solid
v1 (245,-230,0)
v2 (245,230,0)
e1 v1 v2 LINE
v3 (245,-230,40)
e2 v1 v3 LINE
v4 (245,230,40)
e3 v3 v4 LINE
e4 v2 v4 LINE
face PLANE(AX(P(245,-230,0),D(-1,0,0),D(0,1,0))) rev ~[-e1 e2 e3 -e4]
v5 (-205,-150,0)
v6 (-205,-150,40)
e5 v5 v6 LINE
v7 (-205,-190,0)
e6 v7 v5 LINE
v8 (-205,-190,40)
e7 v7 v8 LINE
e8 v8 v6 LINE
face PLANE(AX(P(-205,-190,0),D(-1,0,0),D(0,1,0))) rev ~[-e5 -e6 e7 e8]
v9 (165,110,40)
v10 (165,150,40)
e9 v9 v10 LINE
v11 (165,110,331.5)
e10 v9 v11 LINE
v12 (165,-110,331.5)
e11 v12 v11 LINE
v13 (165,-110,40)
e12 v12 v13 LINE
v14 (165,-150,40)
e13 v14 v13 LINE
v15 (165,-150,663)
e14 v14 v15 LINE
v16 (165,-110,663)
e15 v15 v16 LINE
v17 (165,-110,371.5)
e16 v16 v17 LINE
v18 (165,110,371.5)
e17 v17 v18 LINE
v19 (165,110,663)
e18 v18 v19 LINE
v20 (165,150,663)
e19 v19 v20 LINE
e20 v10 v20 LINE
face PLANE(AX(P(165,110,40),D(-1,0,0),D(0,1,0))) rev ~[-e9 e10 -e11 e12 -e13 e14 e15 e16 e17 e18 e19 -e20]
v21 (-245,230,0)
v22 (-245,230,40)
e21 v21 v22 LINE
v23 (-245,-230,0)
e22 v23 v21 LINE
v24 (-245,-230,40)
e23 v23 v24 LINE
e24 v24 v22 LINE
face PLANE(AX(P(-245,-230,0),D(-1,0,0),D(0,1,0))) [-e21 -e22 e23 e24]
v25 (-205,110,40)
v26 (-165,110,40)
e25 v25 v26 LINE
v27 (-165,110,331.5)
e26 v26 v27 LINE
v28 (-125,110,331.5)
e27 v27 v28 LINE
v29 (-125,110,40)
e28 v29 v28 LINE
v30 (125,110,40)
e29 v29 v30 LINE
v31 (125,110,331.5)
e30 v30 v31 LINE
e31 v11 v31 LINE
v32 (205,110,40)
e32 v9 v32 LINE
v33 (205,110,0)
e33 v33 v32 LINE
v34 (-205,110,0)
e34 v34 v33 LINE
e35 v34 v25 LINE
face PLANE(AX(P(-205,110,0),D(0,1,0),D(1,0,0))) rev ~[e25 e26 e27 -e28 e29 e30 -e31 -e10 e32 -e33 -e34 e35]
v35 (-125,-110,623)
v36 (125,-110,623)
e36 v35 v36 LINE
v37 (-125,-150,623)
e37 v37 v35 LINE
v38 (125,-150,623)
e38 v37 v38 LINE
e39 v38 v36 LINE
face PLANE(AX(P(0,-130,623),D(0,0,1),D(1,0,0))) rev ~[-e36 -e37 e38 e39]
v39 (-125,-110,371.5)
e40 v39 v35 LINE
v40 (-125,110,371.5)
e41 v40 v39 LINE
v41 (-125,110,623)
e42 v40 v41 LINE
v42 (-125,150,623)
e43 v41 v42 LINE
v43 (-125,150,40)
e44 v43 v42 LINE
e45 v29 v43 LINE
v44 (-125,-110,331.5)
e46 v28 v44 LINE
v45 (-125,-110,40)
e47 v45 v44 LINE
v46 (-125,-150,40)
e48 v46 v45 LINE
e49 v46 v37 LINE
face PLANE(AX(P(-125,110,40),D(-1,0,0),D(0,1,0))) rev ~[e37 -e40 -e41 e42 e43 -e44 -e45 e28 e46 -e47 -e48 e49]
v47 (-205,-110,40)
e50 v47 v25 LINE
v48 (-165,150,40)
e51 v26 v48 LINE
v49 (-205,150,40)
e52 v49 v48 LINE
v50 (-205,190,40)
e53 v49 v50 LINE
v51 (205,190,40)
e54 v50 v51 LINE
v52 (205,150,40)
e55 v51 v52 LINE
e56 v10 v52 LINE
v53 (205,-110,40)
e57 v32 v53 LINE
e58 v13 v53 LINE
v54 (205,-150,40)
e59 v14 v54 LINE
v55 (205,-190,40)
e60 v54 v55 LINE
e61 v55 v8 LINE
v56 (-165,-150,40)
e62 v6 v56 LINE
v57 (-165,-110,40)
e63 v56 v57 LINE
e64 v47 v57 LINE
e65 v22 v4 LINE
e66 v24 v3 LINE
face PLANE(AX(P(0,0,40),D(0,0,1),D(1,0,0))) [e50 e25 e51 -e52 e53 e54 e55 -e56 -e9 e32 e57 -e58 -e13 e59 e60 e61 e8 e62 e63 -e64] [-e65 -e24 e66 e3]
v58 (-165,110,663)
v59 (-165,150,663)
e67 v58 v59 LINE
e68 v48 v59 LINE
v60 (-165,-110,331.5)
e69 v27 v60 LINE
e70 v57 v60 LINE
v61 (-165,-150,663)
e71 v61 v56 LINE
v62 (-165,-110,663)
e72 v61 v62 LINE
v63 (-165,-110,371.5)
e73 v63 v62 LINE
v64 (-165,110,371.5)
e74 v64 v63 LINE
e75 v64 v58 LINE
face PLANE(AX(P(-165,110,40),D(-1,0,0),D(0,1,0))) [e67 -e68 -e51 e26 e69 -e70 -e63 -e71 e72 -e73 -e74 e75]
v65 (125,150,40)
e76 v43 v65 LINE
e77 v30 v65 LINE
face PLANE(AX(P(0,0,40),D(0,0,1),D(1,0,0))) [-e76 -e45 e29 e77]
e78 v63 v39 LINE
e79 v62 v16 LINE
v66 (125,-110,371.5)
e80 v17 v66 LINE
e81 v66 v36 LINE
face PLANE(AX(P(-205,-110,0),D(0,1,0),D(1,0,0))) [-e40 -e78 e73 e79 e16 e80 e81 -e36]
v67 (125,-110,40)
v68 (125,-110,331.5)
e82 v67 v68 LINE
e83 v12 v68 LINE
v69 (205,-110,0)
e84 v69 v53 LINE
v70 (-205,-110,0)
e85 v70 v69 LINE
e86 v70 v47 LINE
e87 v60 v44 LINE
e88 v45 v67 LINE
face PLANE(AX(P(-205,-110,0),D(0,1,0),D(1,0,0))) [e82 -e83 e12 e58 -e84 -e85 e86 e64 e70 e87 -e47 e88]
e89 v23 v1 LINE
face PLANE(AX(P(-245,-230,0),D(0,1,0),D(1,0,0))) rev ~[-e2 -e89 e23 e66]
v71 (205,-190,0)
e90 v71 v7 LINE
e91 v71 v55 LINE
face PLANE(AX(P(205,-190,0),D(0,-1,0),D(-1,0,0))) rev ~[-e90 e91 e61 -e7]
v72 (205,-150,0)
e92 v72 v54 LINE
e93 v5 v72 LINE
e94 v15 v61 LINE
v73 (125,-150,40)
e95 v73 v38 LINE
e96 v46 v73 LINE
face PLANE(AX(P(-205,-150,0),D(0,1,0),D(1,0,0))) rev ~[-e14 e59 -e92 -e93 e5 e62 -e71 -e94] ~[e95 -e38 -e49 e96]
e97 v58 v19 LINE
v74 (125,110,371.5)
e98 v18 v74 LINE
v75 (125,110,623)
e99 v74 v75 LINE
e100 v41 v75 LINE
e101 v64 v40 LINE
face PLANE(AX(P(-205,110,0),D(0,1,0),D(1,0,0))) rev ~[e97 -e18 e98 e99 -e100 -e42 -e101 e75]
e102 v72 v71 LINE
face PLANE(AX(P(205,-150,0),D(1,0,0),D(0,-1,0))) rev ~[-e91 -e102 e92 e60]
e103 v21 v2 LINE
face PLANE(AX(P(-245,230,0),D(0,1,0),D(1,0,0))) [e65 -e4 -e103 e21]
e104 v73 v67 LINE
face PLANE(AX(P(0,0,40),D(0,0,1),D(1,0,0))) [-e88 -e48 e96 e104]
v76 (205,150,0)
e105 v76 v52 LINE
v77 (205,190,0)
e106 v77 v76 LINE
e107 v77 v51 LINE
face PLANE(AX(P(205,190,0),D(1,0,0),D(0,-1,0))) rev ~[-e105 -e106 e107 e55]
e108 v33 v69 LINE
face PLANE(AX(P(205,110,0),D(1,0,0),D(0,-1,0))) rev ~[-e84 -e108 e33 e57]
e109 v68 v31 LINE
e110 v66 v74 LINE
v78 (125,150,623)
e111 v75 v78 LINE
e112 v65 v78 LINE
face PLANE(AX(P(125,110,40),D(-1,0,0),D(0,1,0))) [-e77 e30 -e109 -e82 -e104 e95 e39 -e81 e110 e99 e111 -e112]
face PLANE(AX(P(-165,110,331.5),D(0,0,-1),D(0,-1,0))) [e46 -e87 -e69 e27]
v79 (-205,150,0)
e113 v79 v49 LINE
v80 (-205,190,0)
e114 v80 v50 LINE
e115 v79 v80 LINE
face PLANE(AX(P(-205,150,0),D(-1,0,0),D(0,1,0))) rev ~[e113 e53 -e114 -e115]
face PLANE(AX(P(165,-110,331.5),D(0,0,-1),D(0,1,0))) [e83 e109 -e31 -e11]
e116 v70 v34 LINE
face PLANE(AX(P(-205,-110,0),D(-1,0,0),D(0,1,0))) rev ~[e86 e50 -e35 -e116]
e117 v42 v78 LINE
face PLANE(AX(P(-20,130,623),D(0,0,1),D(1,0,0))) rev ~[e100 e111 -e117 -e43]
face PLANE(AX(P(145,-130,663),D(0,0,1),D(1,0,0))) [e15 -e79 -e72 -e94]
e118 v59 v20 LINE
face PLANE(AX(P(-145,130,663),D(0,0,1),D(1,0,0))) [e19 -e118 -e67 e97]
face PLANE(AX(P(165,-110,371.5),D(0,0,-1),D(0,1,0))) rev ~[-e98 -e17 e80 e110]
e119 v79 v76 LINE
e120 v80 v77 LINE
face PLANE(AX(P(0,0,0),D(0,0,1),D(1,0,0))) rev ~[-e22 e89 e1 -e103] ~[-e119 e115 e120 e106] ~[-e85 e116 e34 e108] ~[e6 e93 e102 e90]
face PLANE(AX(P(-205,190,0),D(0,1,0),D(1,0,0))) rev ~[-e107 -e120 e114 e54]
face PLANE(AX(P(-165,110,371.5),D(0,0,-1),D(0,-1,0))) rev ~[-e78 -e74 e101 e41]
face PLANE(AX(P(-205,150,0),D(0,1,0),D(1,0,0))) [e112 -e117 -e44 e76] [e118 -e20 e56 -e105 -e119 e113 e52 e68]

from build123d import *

# Parameters (mm, degrees)
F0_W     = 490
F0_H     = 460
F0_W_2   = 410
F0_H_2   = 40
F1_DEPTH = 40
F2_W     = 40
F2_H     = 40
F3_DEPTH = 623
F4_W     = 290
F4_H     = 40
F4_W_2   = 330
F5_DEPTH = 40
F6_W     = 220
F6_H     = 40
F7_DEPTH = 40
F8_W     = 220
F8_H     = 40
F9_DEPTH = 40


with BuildPart() as f1:
    # F0 (on Top) → F1 (new body)
    with BuildSketch(Plane.XY):
        Rectangle(F0_W, F0_H)
        Polygon((205, -150), (205, -190), (-205, -190), (-205, -150), (-205, -110), (-205, 110), (-205, 150), (-205, 190), (205, 190), (205, 150), (205, 110), (205, -110), align=None, mode=Mode.SUBTRACT)
        with Locations((0, 130)):
            Rectangle(F0_W_2, F0_H_2)
        with Locations((0, -130)):
            Rectangle(F0_W_2, F0_H_2)
    extrude(amount=F1_DEPTH)

    # F2 (on face) → F3 (join)
    with BuildSketch(Plane.XY.offset(40)):
        with Locations((-145, 130)):
            Rectangle(F2_W, F2_H)
        with Locations((145, 130)):
            Rectangle(F2_W, F2_H)
        with Locations((145, -130)):
            Rectangle(F2_W, F2_H)
        with Locations((-145, -130)):
            Rectangle(F2_W, F2_H)
    extrude(amount=F3_DEPTH)

    # F4 (on face) → F5 (join)
    with BuildSketch(Plane.XY.offset(663)):
        with Locations((-20, 130)):
            Rectangle(F4_W, F4_H)
        with Locations((0, -130)):
            Rectangle(F4_W_2, F4_H)
    extrude(amount=-F5_DEPTH)

    # F6 (on face) → F7 (join)
    with BuildSketch(Plane.YZ.offset(165)):
        with Locations((0, 351.5)):
            Rectangle(F6_W, F6_H)
    extrude(amount=-F7_DEPTH)

    # F8 (on face) → F9 (join)
    with BuildSketch(Plane(origin=(-165, 0, 0), x_dir=(0, -1, 0), z_dir=(-1, 0, 0))):
        with Locations((0, 351.5)):
            Rectangle(F8_W, F8_H)
    extrude(amount=-F9_DEPTH)


solid = f1.part
